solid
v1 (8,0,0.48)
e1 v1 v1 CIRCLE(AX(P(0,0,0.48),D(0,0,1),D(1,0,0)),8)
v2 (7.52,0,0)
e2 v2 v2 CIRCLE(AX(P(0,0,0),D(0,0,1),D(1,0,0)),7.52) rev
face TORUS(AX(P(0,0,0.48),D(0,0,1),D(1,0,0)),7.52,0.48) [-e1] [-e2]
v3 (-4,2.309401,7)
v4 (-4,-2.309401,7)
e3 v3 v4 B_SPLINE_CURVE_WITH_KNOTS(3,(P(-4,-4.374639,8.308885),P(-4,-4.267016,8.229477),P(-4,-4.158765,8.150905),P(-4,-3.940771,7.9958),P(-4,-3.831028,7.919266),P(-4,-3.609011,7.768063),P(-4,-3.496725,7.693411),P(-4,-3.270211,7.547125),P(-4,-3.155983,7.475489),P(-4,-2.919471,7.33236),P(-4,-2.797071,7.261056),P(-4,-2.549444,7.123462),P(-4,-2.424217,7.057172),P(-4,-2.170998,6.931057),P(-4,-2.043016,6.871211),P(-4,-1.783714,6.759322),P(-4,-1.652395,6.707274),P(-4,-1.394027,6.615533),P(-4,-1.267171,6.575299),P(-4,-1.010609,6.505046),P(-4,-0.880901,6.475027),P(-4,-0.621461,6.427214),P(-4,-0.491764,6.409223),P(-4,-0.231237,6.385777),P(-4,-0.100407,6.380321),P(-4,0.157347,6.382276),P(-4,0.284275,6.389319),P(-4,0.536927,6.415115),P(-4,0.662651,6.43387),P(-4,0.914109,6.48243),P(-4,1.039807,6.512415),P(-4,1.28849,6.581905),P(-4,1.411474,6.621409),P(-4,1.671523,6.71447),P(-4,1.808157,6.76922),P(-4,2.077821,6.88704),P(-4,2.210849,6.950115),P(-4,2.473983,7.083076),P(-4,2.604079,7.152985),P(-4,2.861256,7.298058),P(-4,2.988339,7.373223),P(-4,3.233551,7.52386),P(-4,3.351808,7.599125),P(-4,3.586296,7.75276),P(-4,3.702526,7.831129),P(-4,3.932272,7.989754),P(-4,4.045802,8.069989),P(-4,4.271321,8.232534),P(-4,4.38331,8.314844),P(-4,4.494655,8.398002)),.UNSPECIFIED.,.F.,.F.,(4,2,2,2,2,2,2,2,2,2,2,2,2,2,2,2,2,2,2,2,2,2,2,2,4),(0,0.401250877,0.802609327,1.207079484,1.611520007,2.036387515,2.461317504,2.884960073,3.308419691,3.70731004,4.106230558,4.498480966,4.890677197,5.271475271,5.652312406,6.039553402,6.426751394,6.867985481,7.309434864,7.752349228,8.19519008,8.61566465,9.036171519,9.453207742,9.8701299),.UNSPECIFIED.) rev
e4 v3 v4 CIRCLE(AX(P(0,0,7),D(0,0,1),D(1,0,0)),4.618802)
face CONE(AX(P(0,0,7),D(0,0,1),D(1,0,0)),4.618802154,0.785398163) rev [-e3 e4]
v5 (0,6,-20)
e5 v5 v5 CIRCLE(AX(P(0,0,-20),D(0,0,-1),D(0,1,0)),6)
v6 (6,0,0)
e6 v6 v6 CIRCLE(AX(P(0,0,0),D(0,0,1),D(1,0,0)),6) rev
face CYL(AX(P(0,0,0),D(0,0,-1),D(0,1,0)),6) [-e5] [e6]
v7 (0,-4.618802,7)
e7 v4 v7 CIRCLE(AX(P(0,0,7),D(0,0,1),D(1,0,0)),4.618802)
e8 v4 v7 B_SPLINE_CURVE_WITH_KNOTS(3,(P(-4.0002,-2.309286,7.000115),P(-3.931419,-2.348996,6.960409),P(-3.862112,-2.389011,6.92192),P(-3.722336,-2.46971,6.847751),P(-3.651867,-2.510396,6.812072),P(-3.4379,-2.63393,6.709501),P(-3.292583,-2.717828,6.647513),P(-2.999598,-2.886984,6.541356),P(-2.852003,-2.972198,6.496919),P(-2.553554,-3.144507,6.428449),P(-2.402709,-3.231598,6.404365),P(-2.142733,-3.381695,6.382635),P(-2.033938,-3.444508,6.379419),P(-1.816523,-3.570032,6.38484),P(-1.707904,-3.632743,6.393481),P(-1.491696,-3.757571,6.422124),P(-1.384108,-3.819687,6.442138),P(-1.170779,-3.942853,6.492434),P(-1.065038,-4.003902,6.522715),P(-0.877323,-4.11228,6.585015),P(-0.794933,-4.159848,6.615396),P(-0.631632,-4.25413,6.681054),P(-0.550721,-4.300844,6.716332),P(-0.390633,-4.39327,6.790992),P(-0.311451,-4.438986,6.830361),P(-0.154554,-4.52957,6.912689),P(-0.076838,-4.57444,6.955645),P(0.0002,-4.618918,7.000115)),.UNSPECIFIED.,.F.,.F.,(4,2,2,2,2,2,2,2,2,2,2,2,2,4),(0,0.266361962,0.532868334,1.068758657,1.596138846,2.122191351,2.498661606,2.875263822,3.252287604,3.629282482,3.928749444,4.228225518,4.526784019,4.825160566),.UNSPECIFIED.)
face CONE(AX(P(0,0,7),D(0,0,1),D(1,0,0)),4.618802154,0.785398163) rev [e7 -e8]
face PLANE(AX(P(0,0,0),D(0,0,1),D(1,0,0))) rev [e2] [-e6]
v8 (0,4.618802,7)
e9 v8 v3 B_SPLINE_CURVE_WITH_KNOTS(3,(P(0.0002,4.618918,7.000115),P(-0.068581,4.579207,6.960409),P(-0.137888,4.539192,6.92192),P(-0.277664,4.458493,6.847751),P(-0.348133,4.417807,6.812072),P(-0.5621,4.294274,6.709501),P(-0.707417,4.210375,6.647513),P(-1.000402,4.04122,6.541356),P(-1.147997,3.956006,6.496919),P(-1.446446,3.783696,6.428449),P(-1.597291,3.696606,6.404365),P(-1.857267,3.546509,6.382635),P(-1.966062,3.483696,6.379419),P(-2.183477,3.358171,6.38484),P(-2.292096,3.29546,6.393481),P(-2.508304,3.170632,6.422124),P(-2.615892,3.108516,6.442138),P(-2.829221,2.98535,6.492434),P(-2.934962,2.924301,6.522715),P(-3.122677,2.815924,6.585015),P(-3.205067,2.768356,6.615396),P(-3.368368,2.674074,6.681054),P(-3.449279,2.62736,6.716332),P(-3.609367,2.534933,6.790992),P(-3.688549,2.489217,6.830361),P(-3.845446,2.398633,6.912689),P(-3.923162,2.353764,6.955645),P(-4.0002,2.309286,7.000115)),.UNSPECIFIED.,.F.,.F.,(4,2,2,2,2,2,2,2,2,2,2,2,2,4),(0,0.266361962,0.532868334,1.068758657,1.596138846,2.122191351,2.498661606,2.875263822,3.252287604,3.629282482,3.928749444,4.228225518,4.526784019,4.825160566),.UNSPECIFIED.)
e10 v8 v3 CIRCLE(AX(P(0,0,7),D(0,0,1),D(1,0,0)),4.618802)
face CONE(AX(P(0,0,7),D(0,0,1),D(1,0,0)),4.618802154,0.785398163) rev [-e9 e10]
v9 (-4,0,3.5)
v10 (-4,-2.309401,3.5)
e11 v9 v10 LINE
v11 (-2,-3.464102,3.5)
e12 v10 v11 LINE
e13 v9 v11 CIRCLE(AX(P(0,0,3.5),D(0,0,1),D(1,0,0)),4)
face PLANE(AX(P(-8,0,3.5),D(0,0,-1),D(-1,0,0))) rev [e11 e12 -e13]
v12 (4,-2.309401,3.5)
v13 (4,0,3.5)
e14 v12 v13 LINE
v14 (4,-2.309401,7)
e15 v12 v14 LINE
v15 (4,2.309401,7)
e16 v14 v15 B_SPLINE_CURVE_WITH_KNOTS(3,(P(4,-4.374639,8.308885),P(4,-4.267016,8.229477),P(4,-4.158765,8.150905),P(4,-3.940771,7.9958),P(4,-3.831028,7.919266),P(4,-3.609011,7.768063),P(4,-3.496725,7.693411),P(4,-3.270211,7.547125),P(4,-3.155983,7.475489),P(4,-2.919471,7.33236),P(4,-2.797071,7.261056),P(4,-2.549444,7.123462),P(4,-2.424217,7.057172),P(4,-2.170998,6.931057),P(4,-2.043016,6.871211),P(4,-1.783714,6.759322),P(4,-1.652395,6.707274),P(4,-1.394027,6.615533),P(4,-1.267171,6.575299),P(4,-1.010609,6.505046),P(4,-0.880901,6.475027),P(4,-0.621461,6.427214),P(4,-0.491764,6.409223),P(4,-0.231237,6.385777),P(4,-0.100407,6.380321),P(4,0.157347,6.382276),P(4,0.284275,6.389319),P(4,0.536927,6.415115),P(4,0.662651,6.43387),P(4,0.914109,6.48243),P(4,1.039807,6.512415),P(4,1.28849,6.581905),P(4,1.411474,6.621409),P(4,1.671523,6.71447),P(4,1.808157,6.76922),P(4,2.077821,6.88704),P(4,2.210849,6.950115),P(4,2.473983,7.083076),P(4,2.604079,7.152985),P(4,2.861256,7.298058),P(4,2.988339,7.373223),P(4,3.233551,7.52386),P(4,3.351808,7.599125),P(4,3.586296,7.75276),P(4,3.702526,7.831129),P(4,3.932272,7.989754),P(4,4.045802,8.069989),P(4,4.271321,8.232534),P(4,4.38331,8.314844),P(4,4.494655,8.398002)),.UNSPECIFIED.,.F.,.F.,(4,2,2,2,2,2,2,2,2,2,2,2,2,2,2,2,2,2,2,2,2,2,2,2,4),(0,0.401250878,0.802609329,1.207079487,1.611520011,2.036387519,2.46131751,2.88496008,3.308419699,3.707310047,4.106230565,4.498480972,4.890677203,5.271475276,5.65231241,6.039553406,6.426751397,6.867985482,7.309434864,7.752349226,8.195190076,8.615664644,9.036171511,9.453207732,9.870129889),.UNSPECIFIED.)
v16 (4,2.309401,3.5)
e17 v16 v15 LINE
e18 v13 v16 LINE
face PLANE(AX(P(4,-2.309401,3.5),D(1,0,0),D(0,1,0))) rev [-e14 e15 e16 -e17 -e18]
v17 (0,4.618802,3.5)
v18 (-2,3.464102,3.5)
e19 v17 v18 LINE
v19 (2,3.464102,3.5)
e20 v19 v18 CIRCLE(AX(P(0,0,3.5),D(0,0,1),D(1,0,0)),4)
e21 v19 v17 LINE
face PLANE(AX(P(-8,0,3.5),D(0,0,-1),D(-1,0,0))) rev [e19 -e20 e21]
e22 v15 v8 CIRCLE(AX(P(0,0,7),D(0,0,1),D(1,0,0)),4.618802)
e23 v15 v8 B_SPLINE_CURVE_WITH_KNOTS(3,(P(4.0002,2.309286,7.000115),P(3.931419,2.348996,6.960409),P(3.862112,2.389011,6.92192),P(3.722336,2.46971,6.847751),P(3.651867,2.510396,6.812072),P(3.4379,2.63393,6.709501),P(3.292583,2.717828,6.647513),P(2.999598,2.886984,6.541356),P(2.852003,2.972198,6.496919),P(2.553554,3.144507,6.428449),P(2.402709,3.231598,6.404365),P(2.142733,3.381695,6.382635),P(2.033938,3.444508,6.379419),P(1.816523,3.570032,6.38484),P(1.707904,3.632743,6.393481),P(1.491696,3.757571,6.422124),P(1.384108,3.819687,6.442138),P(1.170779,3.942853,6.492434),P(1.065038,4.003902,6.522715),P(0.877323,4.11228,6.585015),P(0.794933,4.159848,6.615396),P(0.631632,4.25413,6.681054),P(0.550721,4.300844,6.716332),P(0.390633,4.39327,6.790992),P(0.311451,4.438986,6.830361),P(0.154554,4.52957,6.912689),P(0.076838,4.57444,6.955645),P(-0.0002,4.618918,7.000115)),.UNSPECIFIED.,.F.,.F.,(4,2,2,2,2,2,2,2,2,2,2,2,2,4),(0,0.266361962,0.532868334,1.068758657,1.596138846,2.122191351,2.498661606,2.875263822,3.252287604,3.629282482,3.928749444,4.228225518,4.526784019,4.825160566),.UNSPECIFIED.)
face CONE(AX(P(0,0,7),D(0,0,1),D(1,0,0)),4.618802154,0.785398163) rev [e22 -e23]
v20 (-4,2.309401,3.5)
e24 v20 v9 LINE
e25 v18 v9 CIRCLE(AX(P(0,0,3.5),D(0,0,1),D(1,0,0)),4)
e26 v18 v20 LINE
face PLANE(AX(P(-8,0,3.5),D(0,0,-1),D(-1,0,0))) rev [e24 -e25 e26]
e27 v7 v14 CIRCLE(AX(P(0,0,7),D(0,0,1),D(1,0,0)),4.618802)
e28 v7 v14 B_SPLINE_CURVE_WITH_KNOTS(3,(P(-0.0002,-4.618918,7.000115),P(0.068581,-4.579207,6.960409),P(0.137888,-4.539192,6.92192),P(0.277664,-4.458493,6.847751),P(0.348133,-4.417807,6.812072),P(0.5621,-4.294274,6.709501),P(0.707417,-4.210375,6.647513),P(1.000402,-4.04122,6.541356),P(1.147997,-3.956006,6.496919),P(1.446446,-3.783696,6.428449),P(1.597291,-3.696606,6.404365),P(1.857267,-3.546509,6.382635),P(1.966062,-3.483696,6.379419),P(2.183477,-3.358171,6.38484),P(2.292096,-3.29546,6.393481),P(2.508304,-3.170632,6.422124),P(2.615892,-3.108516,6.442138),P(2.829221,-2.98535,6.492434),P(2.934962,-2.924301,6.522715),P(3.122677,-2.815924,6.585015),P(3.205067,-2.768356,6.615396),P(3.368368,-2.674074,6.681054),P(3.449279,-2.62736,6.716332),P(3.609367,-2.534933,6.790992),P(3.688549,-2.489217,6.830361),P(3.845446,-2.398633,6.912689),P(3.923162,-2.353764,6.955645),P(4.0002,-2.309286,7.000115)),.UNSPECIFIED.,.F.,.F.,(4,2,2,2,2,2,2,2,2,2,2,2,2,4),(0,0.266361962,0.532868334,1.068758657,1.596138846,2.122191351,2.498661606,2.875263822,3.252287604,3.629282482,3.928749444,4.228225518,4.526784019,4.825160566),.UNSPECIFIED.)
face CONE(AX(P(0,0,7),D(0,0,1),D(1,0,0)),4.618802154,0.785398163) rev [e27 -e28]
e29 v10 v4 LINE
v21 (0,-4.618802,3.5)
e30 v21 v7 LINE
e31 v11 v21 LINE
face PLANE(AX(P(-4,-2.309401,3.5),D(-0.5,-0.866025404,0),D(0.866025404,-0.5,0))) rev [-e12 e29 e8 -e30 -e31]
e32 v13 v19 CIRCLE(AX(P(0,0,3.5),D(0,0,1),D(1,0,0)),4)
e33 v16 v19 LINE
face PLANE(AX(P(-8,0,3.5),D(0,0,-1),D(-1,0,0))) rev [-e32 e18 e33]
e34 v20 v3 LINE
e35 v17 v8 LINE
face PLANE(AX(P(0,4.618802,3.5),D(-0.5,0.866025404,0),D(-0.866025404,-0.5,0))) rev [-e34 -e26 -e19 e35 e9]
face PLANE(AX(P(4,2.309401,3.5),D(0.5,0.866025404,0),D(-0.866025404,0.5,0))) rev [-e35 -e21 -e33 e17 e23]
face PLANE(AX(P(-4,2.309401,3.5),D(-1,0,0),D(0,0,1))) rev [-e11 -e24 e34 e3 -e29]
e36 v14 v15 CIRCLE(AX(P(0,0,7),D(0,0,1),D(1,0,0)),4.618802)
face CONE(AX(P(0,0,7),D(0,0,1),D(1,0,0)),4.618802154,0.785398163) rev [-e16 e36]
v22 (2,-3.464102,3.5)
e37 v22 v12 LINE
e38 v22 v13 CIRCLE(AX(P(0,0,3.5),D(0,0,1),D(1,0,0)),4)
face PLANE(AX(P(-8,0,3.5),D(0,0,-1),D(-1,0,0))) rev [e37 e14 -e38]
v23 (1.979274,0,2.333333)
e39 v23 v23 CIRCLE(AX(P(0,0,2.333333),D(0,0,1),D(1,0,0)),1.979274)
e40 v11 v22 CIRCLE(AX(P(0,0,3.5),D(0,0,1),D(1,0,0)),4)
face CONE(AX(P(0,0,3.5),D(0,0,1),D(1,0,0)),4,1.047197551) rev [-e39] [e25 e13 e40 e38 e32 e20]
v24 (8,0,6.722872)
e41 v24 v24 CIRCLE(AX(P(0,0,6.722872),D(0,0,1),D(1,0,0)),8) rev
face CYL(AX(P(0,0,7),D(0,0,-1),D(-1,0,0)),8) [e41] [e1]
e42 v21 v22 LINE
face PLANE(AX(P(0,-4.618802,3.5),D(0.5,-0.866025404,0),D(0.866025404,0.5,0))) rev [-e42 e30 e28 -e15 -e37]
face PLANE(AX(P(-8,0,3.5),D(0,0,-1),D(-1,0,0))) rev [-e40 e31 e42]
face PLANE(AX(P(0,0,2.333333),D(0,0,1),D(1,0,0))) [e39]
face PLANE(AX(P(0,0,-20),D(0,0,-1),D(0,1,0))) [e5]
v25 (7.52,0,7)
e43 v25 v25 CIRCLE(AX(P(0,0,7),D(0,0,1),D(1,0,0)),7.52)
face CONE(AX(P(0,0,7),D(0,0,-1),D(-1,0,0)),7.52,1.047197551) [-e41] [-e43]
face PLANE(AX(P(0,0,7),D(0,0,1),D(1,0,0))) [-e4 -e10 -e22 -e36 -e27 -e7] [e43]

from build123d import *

# Parameters (mm, degrees)
SKETCH1_W          = 20
SKETCH1_H          = 6
SKETCH4_R          = 8
EXTRUDE1_DEPTH     = 7
FILLET1_R          = 0.48
CHAMFER1_SIZE      = 0.48
CHAMFER1_SIZE2     = 0.277128129
CUT_EXTRUDE1_DEPTH = 3.5
SKETCH7_R          = 4.618802154
CUT_EXTRUDE4_DEPTH = 3.5
CUT_EXTRUDE4_DRAFT = -45
SKETCH8_R          = 4
CUT_EXTRUDE5_DEPTH = 1.166666667
CUT_EXTRUDE5_DRAFT = -60


with BuildPart() as part:
    # Sketch1 → Revolve1 (revolve)
    with BuildSketch(Plane(origin=(0, 0, 0), x_dir=(0, 0, -1), z_dir=(1, 0, 0))):
        with Locations((10, 3)):
            Rectangle(SKETCH1_W, SKETCH1_H)
    revolve(axis=Axis((0, 0, 0), (0, 0, 1)))

    # Sketch4 → Extrude1 (add)
    with BuildSketch(Plane.XY):
        Circle(SKETCH4_R)
    extrude(amount=EXTRUDE1_DEPTH)

    # Fillet1
    fillet1_edges = [part.edges().sort_by_distance(p)[0] for p in [
        (-8, 0, 0),
    ]]
    fillet(fillet1_edges, radius=FILLET1_R)

    # Chamfer1
    chamfer1_edges = [part.edges().sort_by_distance(p)[0] for p in [
        (-8, 0, 7),
    ]]
    chamfer1_side = [part.faces().sort_by_distance(p)[0] for p in [
        (0, 0, 7),
    ]]
    chamfer(chamfer1_edges, length=CHAMFER1_SIZE, length2=CHAMFER1_SIZE2, reference=chamfer1_side[0])

    # Sketch6 → Cut-Extrude1 (cut)
    with BuildSketch(Plane.XY.offset(7)):
        Polygon((0, -4.618802154), (4, -2.309401077), (4, 2.309401077), (0, 4.618802154), (-4, 2.309401077), (-4, -2.309401077), align=None)
    extrude(amount=-CUT_EXTRUDE1_DEPTH, mode=Mode.SUBTRACT)


with BuildPart() as cut_extrude4_tool:
    # Sketch7 → Cut-Extrude4 (with draft: the straight prism first)
    with BuildSketch(Plane.XY.offset(7)):
        Circle(SKETCH7_R)
    extrude(amount=-CUT_EXTRUDE4_DEPTH)
    # Cut-Extrude4: the draft: its side faces are tilted about the plane it starts from
    cut_extrude4_sides = [cut_extrude4_tool.faces().sort_by_distance(p)[0] for p in [
        (-4.618802154, 0, 5.25),
    ]]
    draft(cut_extrude4_sides, Plane.XY.offset(7), CUT_EXTRUDE4_DRAFT)


with BuildPart() as part_1:
    add(part.part)

    # Cut-Extrude4: cut by cut_extrude4_tool
    add(cut_extrude4_tool.part, mode=Mode.SUBTRACT)


with BuildPart() as cut_extrude5_tool:
    # Sketch8 → Cut-Extrude5 (with draft: the straight prism first)
    with BuildSketch(Plane.XY.offset(3.5)):
        Circle(SKETCH8_R)
    extrude(amount=-CUT_EXTRUDE5_DEPTH)
    # Cut-Extrude5: the draft: its side faces are tilted about the plane it starts from
    cut_extrude5_sides = [cut_extrude5_tool.faces().sort_by_distance(p)[0] for p in [
        (-4, 0, 2.916666667),
    ]]
    draft(cut_extrude5_sides, Plane.XY.offset(3.5), CUT_EXTRUDE5_DRAFT)


with BuildPart() as part_2:
    add(part_1.part)

    # Cut-Extrude5: cut by cut_extrude5_tool
    add(cut_extrude5_tool.part, mode=Mode.SUBTRACT)


solid = part_2.part
